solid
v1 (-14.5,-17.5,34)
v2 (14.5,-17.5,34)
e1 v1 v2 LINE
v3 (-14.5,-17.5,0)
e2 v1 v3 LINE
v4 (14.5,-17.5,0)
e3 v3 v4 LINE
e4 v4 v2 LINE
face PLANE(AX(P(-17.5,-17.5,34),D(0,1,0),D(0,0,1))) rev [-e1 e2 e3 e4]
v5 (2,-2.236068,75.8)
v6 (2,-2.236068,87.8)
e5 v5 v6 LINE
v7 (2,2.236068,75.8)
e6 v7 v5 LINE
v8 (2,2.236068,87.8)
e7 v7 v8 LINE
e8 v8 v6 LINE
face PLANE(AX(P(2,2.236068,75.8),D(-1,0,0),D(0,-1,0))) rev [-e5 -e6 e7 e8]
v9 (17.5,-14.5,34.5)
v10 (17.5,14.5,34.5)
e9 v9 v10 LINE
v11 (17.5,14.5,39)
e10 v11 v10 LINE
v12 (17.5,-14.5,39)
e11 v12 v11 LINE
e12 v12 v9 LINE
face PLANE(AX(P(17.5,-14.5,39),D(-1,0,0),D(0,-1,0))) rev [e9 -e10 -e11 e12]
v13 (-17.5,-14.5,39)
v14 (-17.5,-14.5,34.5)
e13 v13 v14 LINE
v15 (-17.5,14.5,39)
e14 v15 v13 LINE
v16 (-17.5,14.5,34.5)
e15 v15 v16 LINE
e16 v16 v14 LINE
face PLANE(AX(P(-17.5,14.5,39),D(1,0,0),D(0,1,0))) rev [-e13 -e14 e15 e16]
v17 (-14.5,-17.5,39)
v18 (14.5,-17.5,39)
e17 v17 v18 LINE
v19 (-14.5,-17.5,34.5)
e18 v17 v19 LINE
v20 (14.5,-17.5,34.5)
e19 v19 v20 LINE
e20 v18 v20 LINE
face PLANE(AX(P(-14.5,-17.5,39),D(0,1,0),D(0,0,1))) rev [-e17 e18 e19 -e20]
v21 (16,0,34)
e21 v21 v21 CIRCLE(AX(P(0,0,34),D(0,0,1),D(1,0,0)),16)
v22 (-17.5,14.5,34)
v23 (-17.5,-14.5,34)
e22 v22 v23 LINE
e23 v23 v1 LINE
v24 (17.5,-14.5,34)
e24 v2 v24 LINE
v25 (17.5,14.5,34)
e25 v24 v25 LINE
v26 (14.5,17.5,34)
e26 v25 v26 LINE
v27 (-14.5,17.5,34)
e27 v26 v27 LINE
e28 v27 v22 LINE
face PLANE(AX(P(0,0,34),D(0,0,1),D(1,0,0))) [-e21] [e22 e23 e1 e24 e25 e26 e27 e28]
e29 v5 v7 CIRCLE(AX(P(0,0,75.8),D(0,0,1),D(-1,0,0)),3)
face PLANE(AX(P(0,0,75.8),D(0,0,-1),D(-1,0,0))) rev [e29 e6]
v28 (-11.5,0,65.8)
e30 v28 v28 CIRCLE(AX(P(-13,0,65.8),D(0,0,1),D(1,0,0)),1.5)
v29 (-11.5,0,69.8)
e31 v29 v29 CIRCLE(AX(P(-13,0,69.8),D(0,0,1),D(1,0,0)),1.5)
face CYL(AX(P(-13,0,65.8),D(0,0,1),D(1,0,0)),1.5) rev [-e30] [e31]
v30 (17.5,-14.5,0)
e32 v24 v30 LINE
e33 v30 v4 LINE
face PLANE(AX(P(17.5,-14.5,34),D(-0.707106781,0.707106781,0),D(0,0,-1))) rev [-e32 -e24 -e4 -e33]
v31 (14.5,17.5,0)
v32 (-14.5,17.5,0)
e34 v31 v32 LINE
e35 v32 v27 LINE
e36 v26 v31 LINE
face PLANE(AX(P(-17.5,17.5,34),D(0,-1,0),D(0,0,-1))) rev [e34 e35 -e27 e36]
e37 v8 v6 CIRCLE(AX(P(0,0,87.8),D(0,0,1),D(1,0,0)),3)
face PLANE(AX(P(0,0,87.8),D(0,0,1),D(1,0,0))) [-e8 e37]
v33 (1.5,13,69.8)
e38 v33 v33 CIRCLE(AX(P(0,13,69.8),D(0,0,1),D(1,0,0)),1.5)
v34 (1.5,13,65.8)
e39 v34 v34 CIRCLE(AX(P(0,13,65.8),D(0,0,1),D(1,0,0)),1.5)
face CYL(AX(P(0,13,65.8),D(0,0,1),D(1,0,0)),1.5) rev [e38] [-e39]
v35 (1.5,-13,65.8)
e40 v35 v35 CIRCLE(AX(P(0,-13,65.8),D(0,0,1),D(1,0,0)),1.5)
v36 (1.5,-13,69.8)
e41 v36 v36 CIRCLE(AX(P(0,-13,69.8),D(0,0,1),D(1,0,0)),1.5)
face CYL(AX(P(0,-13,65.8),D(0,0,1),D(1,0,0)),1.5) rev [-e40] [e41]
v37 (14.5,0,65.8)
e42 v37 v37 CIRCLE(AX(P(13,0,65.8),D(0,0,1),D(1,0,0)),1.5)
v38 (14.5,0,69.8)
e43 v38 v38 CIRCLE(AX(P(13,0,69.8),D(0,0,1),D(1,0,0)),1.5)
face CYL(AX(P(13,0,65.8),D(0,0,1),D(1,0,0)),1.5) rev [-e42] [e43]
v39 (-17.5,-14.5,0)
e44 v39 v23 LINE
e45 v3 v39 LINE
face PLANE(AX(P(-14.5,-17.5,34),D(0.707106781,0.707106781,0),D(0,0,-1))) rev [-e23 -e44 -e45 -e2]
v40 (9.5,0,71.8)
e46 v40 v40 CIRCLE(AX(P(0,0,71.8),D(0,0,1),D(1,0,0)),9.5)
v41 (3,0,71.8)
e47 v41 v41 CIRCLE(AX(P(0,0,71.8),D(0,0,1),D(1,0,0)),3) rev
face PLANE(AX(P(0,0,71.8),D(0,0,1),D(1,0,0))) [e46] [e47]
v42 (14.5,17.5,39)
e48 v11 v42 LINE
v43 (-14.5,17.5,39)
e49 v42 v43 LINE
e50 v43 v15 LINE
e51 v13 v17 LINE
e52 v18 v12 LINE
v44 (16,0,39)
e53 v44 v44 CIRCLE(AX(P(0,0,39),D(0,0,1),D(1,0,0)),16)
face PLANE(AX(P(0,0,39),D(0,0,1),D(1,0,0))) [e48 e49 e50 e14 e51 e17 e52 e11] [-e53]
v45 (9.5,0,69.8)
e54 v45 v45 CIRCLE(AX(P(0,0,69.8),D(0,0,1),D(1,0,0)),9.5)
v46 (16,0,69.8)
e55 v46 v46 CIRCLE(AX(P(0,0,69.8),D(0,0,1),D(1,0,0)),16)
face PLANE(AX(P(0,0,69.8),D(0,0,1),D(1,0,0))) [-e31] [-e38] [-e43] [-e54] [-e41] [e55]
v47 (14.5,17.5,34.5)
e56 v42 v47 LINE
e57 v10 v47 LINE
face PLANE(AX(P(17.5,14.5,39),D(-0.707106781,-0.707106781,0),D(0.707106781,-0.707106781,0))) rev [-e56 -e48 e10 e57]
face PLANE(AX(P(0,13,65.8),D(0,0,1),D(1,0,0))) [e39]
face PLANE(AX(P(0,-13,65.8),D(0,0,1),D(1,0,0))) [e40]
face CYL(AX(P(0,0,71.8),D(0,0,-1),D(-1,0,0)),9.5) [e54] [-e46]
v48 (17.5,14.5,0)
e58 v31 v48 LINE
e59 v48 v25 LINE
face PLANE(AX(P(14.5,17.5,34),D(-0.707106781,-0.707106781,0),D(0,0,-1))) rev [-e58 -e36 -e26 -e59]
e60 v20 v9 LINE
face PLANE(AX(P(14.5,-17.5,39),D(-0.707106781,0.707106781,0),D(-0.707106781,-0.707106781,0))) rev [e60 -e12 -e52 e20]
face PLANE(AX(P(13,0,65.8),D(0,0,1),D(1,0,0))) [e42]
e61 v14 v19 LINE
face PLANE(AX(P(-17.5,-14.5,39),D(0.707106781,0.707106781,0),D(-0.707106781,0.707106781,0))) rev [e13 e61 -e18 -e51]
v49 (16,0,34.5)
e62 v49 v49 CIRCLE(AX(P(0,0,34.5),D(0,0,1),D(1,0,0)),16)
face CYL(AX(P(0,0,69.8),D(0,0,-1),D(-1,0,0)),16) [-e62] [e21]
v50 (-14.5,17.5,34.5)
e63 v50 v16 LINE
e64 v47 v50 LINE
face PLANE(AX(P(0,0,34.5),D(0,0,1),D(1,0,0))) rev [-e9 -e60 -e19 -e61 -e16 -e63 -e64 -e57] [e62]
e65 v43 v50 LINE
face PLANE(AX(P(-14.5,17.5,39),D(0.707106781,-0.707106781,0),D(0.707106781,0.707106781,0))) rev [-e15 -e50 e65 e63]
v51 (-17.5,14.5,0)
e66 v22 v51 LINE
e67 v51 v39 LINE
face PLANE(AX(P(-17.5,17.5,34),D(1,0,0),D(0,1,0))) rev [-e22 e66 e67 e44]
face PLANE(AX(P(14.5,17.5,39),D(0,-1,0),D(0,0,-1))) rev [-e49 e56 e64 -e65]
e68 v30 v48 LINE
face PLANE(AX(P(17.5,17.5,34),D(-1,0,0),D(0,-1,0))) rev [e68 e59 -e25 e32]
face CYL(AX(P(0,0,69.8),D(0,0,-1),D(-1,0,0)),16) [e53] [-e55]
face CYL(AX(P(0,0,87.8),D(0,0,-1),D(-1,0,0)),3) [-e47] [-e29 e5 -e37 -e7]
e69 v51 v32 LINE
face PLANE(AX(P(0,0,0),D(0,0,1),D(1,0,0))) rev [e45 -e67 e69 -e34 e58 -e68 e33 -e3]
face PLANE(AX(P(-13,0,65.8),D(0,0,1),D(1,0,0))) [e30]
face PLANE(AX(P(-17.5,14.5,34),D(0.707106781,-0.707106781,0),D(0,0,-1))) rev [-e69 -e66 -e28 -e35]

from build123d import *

# Parameters (mm, degrees)
SKIZZE1_W                       = 35
SKIZZE1_H                       = 35
AUFSATZ_LINEAR_AUSTRAGEN1_DEPTH = 34
SKIZZE2_R                       = 16
AUFSATZ_LINEAR_AUSTRAGEN2_DEPTH = 35.8
SKIZZE3_R                       = 9.5
AUFSATZ_LINEAR_AUSTRAGEN3_DEPTH = 2
SKIZZE4_R                       = 3
AUFSATZ_LINEAR_AUSTRAGEN4_DEPTH = 18
SKIZZE5_R                       = 1.5
SCHNITT_LINEAR_AUSTRAGEN1_DEPTH = 4
FASE1_SIZE                      = 3
AUFSATZ_LINEAR_START            = 0.5
AUFSATZ_LINEAR_AUSTRAGEN5_DEPTH = 4.5
SCHNITT_LINEAR_START            = -12
SCHNITT_LINEAR_AUSTRAGEN2_DEPTH = 12


with BuildPart() as part:
    # Skizze1 → Aufsatz-Linear austragen1 (new body)
    with BuildSketch(Plane.XY):
        Rectangle(SKIZZE1_W, SKIZZE1_H)
    extrude(amount=AUFSATZ_LINEAR_AUSTRAGEN1_DEPTH)

    # Skizze2 → Aufsatz-Linear austragen2 (add)
    with BuildSketch(Plane.XY.offset(34)):
        Circle(SKIZZE2_R)
    extrude(amount=AUFSATZ_LINEAR_AUSTRAGEN2_DEPTH)

    # Skizze3 → Aufsatz-Linear austragen3 (add)
    with BuildSketch(Plane.XY.offset(69.8)):
        Circle(SKIZZE3_R)
    extrude(amount=AUFSATZ_LINEAR_AUSTRAGEN3_DEPTH)

    # Skizze4 → Aufsatz-Linear austragen4 (add)
    with BuildSketch(Plane.XY.offset(69.8)):
        Circle(SKIZZE4_R)
    extrude(amount=AUFSATZ_LINEAR_AUSTRAGEN4_DEPTH)

    # Skizze5 → Schnitt-Linear austragen1 (cut)
    with BuildSketch(Plane.XY.offset(69.8)):
        with Locations((0, 13)):
            Circle(SKIZZE5_R)
        with Locations((13, 0)):
            Circle(SKIZZE5_R)
        with Locations((-13, 0)):
            Circle(SKIZZE5_R)
        with Locations((0, -13)):
            Circle(SKIZZE5_R)
    extrude(amount=-SCHNITT_LINEAR_AUSTRAGEN1_DEPTH, mode=Mode.SUBTRACT)

    # Fase1
    fase1_edges = [part.edges().sort_by_distance(p)[0] for p in [
        (-17.5, -17.5, 17),
        (17.5, -17.5, 17),
        (-17.5, 17.5, 17),
        (17.5, 17.5, 17),
    ]]
    chamfer(fase1_edges, length=FASE1_SIZE)

    # Skizze6 → Aufsatz-Linear austragen5 (add)
    with BuildSketch(Plane.XY.offset(34).offset(AUFSATZ_LINEAR_START)):
        Polygon((-17.5, 14.5), (-17.5, -14.5), (-14.5, -17.5), (14.5, -17.5), (17.5, -14.5), (17.5, 14.5), (14.5, 17.5), (-14.5, 17.5), align=None)
    extrude(amount=AUFSATZ_LINEAR_AUSTRAGEN5_DEPTH)

    # Skizze7 → Schnitt-Linear austragen2 (cut)
    with BuildSketch(Plane.XY.offset(87.8).offset(SCHNITT_LINEAR_START)):
        with BuildLine():
            Line((2, 2.236067977), (2, -2.236067977))
            ThreePointArc((2, -2.236067977), (3, 0), (2, 2.236067977))
        make_face()
    extrude(amount=SCHNITT_LINEAR_AUSTRAGEN2_DEPTH, mode=Mode.SUBTRACT)


solid = part.part
